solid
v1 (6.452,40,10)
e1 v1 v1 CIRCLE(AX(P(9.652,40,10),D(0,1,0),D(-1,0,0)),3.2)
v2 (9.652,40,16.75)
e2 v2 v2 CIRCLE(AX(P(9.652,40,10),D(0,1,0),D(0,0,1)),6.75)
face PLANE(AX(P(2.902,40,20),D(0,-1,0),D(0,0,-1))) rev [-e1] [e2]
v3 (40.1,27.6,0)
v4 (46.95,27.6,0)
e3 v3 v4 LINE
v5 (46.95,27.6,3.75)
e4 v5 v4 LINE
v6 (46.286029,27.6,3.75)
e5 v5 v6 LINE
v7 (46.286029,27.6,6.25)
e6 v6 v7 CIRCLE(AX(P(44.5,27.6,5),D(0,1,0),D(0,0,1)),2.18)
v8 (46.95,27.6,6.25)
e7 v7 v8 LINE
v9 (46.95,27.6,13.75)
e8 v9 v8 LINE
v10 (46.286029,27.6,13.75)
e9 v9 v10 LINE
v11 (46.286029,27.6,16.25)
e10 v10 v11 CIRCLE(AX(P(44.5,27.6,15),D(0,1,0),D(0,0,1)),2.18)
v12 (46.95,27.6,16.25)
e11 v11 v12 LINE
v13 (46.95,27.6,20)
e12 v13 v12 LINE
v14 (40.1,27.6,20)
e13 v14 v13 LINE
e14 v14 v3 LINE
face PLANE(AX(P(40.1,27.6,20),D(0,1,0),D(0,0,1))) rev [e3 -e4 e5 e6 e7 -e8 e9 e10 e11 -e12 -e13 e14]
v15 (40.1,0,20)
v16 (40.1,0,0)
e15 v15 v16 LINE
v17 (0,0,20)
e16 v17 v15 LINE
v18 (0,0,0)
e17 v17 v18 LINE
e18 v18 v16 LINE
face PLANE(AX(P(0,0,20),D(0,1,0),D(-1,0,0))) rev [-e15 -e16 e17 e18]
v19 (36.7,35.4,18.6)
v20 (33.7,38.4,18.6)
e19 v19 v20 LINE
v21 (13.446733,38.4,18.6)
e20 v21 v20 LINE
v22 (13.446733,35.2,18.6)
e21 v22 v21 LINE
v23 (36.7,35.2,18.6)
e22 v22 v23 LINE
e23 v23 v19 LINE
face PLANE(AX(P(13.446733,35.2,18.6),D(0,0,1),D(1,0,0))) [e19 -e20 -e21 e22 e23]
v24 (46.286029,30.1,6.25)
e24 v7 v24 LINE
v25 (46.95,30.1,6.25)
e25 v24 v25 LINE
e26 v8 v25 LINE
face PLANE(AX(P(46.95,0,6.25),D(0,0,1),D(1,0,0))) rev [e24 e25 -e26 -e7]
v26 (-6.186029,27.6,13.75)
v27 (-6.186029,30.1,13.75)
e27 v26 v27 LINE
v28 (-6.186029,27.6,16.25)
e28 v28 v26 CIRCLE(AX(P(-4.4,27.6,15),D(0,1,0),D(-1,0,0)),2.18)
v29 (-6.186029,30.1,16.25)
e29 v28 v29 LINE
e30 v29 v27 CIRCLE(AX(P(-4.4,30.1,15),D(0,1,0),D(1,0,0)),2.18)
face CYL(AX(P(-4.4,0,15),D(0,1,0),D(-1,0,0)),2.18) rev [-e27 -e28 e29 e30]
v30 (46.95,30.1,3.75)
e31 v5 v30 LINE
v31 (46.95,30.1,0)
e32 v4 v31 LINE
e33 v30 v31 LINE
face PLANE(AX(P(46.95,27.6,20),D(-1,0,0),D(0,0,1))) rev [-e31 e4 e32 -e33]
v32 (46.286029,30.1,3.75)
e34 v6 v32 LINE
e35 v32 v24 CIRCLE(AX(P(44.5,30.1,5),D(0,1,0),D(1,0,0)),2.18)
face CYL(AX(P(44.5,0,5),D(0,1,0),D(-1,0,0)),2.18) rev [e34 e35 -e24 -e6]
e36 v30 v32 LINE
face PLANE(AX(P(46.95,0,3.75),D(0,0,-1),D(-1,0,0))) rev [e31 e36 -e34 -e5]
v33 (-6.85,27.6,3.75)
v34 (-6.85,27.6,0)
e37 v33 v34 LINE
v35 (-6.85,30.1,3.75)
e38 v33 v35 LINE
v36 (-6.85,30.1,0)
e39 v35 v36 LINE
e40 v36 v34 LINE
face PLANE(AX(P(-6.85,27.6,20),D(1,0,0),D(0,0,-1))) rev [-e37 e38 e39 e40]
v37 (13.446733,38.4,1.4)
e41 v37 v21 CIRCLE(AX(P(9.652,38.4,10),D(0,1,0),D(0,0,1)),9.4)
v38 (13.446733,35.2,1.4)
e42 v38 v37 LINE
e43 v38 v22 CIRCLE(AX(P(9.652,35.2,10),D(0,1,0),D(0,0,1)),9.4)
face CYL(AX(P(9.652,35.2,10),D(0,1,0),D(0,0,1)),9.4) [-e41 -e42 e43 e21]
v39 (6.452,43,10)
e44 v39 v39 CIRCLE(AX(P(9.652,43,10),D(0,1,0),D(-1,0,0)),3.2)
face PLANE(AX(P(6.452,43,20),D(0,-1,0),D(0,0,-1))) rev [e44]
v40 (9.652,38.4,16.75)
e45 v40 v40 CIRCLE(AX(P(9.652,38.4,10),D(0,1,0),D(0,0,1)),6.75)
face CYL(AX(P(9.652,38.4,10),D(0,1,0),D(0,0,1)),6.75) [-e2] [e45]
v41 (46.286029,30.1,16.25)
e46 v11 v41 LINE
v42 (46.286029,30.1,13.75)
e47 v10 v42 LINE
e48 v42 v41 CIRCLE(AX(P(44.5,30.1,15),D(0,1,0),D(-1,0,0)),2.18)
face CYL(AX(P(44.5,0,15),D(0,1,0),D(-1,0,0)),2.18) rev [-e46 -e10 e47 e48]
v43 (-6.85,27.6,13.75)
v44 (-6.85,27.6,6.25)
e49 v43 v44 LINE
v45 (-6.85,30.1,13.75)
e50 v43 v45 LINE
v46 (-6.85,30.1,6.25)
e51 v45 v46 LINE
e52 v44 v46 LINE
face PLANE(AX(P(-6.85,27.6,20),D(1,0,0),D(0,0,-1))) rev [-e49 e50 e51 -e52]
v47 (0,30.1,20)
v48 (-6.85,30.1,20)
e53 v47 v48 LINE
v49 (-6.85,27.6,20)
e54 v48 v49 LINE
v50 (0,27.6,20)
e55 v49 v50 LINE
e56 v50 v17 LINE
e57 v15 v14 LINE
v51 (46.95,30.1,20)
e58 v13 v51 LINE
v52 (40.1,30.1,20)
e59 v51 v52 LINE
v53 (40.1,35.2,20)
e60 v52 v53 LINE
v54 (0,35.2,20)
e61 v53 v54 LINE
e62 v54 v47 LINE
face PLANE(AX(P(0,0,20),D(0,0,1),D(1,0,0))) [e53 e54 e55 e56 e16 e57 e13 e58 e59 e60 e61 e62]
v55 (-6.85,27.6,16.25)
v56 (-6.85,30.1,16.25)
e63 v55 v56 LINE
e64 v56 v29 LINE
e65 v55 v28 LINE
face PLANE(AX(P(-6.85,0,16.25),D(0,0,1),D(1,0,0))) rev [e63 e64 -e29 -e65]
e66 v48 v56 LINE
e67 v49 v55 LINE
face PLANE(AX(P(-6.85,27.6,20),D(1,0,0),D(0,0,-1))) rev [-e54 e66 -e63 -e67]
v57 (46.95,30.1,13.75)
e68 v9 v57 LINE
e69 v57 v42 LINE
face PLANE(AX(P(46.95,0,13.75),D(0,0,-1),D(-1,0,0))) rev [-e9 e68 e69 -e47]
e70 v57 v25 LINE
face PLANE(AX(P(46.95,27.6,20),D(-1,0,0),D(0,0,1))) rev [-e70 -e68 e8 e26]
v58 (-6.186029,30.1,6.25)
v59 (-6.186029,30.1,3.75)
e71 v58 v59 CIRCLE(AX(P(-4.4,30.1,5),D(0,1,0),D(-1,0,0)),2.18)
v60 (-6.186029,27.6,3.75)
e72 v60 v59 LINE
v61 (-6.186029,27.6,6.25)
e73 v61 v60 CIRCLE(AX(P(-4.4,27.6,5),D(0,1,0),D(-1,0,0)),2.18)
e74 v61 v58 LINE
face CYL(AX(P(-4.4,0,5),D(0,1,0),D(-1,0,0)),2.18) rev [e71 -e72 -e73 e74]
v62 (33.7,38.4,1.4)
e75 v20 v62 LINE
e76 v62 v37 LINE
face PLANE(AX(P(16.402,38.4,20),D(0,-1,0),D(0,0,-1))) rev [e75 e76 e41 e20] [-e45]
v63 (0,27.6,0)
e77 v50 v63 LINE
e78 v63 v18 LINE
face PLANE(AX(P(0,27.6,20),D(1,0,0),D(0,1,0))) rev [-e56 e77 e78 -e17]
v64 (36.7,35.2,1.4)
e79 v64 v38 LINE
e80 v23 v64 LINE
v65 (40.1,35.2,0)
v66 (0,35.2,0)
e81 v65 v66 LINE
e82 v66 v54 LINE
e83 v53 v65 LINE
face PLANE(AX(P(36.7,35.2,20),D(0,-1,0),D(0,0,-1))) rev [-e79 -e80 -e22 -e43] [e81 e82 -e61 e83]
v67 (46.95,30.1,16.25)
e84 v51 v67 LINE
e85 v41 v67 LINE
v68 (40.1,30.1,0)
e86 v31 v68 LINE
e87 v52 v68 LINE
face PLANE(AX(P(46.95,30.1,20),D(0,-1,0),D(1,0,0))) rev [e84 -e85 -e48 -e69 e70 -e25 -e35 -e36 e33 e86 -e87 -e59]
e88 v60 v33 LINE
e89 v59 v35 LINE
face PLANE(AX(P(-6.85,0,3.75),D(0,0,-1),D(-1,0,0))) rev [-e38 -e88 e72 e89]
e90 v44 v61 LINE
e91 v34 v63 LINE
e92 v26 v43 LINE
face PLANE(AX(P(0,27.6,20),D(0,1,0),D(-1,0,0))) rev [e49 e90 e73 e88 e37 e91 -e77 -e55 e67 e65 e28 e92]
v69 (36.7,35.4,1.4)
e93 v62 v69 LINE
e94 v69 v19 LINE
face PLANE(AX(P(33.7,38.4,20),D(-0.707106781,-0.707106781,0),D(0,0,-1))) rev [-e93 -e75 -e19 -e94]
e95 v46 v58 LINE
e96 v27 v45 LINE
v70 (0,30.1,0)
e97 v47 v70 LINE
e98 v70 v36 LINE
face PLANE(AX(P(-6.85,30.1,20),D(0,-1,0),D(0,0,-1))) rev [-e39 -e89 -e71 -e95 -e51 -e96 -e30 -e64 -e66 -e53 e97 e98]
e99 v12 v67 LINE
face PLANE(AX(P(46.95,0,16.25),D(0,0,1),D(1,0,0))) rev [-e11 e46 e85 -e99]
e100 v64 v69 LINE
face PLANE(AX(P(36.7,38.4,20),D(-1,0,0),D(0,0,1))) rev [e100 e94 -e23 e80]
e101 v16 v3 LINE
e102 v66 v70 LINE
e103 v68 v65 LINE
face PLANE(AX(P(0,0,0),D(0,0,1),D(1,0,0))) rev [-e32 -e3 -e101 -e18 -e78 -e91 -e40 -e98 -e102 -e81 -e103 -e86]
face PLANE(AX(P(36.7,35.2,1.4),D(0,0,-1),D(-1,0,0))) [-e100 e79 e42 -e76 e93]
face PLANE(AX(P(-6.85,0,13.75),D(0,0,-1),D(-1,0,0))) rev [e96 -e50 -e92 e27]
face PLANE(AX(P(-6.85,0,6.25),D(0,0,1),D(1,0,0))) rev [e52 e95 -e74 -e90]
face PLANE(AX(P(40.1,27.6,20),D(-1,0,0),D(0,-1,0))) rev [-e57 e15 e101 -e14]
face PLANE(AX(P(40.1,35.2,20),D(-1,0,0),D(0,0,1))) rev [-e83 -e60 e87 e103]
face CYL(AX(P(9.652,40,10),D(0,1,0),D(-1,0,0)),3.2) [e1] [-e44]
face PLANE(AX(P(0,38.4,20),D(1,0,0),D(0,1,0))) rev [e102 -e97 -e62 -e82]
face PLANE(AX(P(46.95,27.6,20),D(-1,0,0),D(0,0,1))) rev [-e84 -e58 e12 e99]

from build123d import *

# Parameters (mm, degrees)
BOSS_EXTRU_1_DEPTH      = 20
ENL_V_MAT_EXTRU_1_DEPTH = 60.247890258
ESQUISSE5_W             = 53.8
ESQUISSE5_H             = 20
ESQUISSE5_R             = 3.2
ENL_V_MAT_EXTRU_2_DEPTH = 3
ESQUISSE6_W             = 53.8
ESQUISSE6_H             = 20
ESQUISSE6_R             = 6.75
ENL_V_MAT_EXTRU_3_DEPTH = 1.6
ESQUISSE7_W             = 53.8
ESQUISSE7_H             = 20
ENL_V_MAT_EXTRU_4_DEPTH = 3.2
CHANFREIN2_SIZE         = 3


with BuildPart() as part:
    # Esquisse1 → Boss.-Extru.1 (new body)
    with BuildSketch(Plane.XY):
        Polygon((0, 0), (40.1, 0), (40.1, 27.6), (46.95, 27.6), (46.95, 30.1), (40.1, 30.1), (40.1, 35.2), (36.7, 35.2), (36.7, 38.4), (16.402, 38.4), (16.402, 40), (12.852, 40), (12.852, 43), (6.452, 43), (6.452, 40), (2.902, 40), (2.902, 38.4), (0, 38.4), (0, 30.1), (-6.85, 30.1), (-6.85, 27.6), (0, 27.6), align=None)
    extrude(amount=BOSS_EXTRU_1_DEPTH)

    # Esquisse2 → Enlèv. mat.-Extru.1 (cut, through all)
    with BuildSketch(Plane(origin=(0, 30.1, 0), x_dir=(1, 0, 0), z_dir=(0, 1, 0))):
        with BuildLine():
            Line((-6.85, -3.75), (-6.85, -6.25))
            Line((-6.85, -6.25), (-6.186029115, -6.25))
            ThreePointArc((-6.186029115, -6.25), (-2.22, -5), (-6.186029115, -3.75))
            Line((-6.186029115, -3.75), (-6.85, -3.75))
        make_face()
        with BuildLine():
            Line((46.95, -6.25), (46.286029115, -6.25))
            ThreePointArc((46.286029115, -6.25), (42.32, -5), (46.286029115, -3.75))
            Line((46.286029115, -3.75), (46.95, -3.75))
            Line((46.95, -3.75), (46.95, -6.25))
        make_face()
        with BuildLine():
            Line((46.95, -16.25), (46.286029115, -16.25))
            ThreePointArc((46.286029115, -16.25), (42.32, -15), (46.286029115, -13.75))
            Line((46.286029115, -13.75), (46.95, -13.75))
            Line((46.95, -13.75), (46.95, -16.25))
        make_face()
        with BuildLine():
            Line((-6.85, -13.75), (-6.186029115, -13.75))
            ThreePointArc((-6.186029115, -13.75), (-2.22, -15), (-6.186029115, -16.25))
            Line((-6.186029115, -16.25), (-6.85, -16.25))
            Line((-6.85, -16.25), (-6.85, -13.75))
        make_face()
    extrude(amount=-ENL_V_MAT_EXTRU_1_DEPTH, mode=Mode.SUBTRACT)

    # Esquisse5 → Enlèv. mat.-Extru.2 (cut)
    with BuildSketch(Plane(origin=(0, 43, 0), x_dir=(1, 0, 0), z_dir=(0, 1, 0))):
        with Locations((20.05, -10)):
            Rectangle(ESQUISSE5_W, ESQUISSE5_H)
        with Locations(Location((9.652, -10, 0), (0, 0, 180))):
            Circle(ESQUISSE5_R, mode=Mode.SUBTRACT)
    extrude(amount=-ENL_V_MAT_EXTRU_2_DEPTH, mode=Mode.SUBTRACT)

    # Esquisse6 → Enlèv. mat.-Extru.3 (cut)
    with BuildSketch(Plane(origin=(0, 40, 0), x_dir=(1, 0, 0), z_dir=(0, 1, 0))):
        with Locations((20.05, -10)):
            Rectangle(ESQUISSE6_W, ESQUISSE6_H)
        with Locations(Location((9.652, -10, 0), (0, 0, 270))):
            Circle(ESQUISSE6_R, mode=Mode.SUBTRACT)
    extrude(amount=-ENL_V_MAT_EXTRU_3_DEPTH, mode=Mode.SUBTRACT)

    # Esquisse7 → Enlèv. mat.-Extru.4 (cut)
    with BuildSketch(Plane(origin=(0, 38.4, 0), x_dir=(1, 0, 0), z_dir=(0, 1, 0))):
        with Locations((20.05, -10)):
            Rectangle(ESQUISSE7_W, ESQUISSE7_H)
        with BuildLine():
            Line((13.446733192, -18.6), (36.7, -18.6))
            Line((36.7, -18.6), (36.7, -1.4))
            Line((36.7, -1.4), (13.446733192, -1.4))
            ThreePointArc((13.446733192, -1.4), (0.252, -10), (13.446733192, -18.6))
        make_face(mode=Mode.SUBTRACT)
    extrude(amount=-ENL_V_MAT_EXTRU_4_DEPTH, mode=Mode.SUBTRACT)

    # Chanfrein2
    chanfrein2_edges = [part.edges().sort_by_distance(p)[0] for p in [
        (36.7, 38.4, 10),
    ]]
    chamfer(chanfrein2_edges, length=CHANFREIN2_SIZE)


solid = part.part
